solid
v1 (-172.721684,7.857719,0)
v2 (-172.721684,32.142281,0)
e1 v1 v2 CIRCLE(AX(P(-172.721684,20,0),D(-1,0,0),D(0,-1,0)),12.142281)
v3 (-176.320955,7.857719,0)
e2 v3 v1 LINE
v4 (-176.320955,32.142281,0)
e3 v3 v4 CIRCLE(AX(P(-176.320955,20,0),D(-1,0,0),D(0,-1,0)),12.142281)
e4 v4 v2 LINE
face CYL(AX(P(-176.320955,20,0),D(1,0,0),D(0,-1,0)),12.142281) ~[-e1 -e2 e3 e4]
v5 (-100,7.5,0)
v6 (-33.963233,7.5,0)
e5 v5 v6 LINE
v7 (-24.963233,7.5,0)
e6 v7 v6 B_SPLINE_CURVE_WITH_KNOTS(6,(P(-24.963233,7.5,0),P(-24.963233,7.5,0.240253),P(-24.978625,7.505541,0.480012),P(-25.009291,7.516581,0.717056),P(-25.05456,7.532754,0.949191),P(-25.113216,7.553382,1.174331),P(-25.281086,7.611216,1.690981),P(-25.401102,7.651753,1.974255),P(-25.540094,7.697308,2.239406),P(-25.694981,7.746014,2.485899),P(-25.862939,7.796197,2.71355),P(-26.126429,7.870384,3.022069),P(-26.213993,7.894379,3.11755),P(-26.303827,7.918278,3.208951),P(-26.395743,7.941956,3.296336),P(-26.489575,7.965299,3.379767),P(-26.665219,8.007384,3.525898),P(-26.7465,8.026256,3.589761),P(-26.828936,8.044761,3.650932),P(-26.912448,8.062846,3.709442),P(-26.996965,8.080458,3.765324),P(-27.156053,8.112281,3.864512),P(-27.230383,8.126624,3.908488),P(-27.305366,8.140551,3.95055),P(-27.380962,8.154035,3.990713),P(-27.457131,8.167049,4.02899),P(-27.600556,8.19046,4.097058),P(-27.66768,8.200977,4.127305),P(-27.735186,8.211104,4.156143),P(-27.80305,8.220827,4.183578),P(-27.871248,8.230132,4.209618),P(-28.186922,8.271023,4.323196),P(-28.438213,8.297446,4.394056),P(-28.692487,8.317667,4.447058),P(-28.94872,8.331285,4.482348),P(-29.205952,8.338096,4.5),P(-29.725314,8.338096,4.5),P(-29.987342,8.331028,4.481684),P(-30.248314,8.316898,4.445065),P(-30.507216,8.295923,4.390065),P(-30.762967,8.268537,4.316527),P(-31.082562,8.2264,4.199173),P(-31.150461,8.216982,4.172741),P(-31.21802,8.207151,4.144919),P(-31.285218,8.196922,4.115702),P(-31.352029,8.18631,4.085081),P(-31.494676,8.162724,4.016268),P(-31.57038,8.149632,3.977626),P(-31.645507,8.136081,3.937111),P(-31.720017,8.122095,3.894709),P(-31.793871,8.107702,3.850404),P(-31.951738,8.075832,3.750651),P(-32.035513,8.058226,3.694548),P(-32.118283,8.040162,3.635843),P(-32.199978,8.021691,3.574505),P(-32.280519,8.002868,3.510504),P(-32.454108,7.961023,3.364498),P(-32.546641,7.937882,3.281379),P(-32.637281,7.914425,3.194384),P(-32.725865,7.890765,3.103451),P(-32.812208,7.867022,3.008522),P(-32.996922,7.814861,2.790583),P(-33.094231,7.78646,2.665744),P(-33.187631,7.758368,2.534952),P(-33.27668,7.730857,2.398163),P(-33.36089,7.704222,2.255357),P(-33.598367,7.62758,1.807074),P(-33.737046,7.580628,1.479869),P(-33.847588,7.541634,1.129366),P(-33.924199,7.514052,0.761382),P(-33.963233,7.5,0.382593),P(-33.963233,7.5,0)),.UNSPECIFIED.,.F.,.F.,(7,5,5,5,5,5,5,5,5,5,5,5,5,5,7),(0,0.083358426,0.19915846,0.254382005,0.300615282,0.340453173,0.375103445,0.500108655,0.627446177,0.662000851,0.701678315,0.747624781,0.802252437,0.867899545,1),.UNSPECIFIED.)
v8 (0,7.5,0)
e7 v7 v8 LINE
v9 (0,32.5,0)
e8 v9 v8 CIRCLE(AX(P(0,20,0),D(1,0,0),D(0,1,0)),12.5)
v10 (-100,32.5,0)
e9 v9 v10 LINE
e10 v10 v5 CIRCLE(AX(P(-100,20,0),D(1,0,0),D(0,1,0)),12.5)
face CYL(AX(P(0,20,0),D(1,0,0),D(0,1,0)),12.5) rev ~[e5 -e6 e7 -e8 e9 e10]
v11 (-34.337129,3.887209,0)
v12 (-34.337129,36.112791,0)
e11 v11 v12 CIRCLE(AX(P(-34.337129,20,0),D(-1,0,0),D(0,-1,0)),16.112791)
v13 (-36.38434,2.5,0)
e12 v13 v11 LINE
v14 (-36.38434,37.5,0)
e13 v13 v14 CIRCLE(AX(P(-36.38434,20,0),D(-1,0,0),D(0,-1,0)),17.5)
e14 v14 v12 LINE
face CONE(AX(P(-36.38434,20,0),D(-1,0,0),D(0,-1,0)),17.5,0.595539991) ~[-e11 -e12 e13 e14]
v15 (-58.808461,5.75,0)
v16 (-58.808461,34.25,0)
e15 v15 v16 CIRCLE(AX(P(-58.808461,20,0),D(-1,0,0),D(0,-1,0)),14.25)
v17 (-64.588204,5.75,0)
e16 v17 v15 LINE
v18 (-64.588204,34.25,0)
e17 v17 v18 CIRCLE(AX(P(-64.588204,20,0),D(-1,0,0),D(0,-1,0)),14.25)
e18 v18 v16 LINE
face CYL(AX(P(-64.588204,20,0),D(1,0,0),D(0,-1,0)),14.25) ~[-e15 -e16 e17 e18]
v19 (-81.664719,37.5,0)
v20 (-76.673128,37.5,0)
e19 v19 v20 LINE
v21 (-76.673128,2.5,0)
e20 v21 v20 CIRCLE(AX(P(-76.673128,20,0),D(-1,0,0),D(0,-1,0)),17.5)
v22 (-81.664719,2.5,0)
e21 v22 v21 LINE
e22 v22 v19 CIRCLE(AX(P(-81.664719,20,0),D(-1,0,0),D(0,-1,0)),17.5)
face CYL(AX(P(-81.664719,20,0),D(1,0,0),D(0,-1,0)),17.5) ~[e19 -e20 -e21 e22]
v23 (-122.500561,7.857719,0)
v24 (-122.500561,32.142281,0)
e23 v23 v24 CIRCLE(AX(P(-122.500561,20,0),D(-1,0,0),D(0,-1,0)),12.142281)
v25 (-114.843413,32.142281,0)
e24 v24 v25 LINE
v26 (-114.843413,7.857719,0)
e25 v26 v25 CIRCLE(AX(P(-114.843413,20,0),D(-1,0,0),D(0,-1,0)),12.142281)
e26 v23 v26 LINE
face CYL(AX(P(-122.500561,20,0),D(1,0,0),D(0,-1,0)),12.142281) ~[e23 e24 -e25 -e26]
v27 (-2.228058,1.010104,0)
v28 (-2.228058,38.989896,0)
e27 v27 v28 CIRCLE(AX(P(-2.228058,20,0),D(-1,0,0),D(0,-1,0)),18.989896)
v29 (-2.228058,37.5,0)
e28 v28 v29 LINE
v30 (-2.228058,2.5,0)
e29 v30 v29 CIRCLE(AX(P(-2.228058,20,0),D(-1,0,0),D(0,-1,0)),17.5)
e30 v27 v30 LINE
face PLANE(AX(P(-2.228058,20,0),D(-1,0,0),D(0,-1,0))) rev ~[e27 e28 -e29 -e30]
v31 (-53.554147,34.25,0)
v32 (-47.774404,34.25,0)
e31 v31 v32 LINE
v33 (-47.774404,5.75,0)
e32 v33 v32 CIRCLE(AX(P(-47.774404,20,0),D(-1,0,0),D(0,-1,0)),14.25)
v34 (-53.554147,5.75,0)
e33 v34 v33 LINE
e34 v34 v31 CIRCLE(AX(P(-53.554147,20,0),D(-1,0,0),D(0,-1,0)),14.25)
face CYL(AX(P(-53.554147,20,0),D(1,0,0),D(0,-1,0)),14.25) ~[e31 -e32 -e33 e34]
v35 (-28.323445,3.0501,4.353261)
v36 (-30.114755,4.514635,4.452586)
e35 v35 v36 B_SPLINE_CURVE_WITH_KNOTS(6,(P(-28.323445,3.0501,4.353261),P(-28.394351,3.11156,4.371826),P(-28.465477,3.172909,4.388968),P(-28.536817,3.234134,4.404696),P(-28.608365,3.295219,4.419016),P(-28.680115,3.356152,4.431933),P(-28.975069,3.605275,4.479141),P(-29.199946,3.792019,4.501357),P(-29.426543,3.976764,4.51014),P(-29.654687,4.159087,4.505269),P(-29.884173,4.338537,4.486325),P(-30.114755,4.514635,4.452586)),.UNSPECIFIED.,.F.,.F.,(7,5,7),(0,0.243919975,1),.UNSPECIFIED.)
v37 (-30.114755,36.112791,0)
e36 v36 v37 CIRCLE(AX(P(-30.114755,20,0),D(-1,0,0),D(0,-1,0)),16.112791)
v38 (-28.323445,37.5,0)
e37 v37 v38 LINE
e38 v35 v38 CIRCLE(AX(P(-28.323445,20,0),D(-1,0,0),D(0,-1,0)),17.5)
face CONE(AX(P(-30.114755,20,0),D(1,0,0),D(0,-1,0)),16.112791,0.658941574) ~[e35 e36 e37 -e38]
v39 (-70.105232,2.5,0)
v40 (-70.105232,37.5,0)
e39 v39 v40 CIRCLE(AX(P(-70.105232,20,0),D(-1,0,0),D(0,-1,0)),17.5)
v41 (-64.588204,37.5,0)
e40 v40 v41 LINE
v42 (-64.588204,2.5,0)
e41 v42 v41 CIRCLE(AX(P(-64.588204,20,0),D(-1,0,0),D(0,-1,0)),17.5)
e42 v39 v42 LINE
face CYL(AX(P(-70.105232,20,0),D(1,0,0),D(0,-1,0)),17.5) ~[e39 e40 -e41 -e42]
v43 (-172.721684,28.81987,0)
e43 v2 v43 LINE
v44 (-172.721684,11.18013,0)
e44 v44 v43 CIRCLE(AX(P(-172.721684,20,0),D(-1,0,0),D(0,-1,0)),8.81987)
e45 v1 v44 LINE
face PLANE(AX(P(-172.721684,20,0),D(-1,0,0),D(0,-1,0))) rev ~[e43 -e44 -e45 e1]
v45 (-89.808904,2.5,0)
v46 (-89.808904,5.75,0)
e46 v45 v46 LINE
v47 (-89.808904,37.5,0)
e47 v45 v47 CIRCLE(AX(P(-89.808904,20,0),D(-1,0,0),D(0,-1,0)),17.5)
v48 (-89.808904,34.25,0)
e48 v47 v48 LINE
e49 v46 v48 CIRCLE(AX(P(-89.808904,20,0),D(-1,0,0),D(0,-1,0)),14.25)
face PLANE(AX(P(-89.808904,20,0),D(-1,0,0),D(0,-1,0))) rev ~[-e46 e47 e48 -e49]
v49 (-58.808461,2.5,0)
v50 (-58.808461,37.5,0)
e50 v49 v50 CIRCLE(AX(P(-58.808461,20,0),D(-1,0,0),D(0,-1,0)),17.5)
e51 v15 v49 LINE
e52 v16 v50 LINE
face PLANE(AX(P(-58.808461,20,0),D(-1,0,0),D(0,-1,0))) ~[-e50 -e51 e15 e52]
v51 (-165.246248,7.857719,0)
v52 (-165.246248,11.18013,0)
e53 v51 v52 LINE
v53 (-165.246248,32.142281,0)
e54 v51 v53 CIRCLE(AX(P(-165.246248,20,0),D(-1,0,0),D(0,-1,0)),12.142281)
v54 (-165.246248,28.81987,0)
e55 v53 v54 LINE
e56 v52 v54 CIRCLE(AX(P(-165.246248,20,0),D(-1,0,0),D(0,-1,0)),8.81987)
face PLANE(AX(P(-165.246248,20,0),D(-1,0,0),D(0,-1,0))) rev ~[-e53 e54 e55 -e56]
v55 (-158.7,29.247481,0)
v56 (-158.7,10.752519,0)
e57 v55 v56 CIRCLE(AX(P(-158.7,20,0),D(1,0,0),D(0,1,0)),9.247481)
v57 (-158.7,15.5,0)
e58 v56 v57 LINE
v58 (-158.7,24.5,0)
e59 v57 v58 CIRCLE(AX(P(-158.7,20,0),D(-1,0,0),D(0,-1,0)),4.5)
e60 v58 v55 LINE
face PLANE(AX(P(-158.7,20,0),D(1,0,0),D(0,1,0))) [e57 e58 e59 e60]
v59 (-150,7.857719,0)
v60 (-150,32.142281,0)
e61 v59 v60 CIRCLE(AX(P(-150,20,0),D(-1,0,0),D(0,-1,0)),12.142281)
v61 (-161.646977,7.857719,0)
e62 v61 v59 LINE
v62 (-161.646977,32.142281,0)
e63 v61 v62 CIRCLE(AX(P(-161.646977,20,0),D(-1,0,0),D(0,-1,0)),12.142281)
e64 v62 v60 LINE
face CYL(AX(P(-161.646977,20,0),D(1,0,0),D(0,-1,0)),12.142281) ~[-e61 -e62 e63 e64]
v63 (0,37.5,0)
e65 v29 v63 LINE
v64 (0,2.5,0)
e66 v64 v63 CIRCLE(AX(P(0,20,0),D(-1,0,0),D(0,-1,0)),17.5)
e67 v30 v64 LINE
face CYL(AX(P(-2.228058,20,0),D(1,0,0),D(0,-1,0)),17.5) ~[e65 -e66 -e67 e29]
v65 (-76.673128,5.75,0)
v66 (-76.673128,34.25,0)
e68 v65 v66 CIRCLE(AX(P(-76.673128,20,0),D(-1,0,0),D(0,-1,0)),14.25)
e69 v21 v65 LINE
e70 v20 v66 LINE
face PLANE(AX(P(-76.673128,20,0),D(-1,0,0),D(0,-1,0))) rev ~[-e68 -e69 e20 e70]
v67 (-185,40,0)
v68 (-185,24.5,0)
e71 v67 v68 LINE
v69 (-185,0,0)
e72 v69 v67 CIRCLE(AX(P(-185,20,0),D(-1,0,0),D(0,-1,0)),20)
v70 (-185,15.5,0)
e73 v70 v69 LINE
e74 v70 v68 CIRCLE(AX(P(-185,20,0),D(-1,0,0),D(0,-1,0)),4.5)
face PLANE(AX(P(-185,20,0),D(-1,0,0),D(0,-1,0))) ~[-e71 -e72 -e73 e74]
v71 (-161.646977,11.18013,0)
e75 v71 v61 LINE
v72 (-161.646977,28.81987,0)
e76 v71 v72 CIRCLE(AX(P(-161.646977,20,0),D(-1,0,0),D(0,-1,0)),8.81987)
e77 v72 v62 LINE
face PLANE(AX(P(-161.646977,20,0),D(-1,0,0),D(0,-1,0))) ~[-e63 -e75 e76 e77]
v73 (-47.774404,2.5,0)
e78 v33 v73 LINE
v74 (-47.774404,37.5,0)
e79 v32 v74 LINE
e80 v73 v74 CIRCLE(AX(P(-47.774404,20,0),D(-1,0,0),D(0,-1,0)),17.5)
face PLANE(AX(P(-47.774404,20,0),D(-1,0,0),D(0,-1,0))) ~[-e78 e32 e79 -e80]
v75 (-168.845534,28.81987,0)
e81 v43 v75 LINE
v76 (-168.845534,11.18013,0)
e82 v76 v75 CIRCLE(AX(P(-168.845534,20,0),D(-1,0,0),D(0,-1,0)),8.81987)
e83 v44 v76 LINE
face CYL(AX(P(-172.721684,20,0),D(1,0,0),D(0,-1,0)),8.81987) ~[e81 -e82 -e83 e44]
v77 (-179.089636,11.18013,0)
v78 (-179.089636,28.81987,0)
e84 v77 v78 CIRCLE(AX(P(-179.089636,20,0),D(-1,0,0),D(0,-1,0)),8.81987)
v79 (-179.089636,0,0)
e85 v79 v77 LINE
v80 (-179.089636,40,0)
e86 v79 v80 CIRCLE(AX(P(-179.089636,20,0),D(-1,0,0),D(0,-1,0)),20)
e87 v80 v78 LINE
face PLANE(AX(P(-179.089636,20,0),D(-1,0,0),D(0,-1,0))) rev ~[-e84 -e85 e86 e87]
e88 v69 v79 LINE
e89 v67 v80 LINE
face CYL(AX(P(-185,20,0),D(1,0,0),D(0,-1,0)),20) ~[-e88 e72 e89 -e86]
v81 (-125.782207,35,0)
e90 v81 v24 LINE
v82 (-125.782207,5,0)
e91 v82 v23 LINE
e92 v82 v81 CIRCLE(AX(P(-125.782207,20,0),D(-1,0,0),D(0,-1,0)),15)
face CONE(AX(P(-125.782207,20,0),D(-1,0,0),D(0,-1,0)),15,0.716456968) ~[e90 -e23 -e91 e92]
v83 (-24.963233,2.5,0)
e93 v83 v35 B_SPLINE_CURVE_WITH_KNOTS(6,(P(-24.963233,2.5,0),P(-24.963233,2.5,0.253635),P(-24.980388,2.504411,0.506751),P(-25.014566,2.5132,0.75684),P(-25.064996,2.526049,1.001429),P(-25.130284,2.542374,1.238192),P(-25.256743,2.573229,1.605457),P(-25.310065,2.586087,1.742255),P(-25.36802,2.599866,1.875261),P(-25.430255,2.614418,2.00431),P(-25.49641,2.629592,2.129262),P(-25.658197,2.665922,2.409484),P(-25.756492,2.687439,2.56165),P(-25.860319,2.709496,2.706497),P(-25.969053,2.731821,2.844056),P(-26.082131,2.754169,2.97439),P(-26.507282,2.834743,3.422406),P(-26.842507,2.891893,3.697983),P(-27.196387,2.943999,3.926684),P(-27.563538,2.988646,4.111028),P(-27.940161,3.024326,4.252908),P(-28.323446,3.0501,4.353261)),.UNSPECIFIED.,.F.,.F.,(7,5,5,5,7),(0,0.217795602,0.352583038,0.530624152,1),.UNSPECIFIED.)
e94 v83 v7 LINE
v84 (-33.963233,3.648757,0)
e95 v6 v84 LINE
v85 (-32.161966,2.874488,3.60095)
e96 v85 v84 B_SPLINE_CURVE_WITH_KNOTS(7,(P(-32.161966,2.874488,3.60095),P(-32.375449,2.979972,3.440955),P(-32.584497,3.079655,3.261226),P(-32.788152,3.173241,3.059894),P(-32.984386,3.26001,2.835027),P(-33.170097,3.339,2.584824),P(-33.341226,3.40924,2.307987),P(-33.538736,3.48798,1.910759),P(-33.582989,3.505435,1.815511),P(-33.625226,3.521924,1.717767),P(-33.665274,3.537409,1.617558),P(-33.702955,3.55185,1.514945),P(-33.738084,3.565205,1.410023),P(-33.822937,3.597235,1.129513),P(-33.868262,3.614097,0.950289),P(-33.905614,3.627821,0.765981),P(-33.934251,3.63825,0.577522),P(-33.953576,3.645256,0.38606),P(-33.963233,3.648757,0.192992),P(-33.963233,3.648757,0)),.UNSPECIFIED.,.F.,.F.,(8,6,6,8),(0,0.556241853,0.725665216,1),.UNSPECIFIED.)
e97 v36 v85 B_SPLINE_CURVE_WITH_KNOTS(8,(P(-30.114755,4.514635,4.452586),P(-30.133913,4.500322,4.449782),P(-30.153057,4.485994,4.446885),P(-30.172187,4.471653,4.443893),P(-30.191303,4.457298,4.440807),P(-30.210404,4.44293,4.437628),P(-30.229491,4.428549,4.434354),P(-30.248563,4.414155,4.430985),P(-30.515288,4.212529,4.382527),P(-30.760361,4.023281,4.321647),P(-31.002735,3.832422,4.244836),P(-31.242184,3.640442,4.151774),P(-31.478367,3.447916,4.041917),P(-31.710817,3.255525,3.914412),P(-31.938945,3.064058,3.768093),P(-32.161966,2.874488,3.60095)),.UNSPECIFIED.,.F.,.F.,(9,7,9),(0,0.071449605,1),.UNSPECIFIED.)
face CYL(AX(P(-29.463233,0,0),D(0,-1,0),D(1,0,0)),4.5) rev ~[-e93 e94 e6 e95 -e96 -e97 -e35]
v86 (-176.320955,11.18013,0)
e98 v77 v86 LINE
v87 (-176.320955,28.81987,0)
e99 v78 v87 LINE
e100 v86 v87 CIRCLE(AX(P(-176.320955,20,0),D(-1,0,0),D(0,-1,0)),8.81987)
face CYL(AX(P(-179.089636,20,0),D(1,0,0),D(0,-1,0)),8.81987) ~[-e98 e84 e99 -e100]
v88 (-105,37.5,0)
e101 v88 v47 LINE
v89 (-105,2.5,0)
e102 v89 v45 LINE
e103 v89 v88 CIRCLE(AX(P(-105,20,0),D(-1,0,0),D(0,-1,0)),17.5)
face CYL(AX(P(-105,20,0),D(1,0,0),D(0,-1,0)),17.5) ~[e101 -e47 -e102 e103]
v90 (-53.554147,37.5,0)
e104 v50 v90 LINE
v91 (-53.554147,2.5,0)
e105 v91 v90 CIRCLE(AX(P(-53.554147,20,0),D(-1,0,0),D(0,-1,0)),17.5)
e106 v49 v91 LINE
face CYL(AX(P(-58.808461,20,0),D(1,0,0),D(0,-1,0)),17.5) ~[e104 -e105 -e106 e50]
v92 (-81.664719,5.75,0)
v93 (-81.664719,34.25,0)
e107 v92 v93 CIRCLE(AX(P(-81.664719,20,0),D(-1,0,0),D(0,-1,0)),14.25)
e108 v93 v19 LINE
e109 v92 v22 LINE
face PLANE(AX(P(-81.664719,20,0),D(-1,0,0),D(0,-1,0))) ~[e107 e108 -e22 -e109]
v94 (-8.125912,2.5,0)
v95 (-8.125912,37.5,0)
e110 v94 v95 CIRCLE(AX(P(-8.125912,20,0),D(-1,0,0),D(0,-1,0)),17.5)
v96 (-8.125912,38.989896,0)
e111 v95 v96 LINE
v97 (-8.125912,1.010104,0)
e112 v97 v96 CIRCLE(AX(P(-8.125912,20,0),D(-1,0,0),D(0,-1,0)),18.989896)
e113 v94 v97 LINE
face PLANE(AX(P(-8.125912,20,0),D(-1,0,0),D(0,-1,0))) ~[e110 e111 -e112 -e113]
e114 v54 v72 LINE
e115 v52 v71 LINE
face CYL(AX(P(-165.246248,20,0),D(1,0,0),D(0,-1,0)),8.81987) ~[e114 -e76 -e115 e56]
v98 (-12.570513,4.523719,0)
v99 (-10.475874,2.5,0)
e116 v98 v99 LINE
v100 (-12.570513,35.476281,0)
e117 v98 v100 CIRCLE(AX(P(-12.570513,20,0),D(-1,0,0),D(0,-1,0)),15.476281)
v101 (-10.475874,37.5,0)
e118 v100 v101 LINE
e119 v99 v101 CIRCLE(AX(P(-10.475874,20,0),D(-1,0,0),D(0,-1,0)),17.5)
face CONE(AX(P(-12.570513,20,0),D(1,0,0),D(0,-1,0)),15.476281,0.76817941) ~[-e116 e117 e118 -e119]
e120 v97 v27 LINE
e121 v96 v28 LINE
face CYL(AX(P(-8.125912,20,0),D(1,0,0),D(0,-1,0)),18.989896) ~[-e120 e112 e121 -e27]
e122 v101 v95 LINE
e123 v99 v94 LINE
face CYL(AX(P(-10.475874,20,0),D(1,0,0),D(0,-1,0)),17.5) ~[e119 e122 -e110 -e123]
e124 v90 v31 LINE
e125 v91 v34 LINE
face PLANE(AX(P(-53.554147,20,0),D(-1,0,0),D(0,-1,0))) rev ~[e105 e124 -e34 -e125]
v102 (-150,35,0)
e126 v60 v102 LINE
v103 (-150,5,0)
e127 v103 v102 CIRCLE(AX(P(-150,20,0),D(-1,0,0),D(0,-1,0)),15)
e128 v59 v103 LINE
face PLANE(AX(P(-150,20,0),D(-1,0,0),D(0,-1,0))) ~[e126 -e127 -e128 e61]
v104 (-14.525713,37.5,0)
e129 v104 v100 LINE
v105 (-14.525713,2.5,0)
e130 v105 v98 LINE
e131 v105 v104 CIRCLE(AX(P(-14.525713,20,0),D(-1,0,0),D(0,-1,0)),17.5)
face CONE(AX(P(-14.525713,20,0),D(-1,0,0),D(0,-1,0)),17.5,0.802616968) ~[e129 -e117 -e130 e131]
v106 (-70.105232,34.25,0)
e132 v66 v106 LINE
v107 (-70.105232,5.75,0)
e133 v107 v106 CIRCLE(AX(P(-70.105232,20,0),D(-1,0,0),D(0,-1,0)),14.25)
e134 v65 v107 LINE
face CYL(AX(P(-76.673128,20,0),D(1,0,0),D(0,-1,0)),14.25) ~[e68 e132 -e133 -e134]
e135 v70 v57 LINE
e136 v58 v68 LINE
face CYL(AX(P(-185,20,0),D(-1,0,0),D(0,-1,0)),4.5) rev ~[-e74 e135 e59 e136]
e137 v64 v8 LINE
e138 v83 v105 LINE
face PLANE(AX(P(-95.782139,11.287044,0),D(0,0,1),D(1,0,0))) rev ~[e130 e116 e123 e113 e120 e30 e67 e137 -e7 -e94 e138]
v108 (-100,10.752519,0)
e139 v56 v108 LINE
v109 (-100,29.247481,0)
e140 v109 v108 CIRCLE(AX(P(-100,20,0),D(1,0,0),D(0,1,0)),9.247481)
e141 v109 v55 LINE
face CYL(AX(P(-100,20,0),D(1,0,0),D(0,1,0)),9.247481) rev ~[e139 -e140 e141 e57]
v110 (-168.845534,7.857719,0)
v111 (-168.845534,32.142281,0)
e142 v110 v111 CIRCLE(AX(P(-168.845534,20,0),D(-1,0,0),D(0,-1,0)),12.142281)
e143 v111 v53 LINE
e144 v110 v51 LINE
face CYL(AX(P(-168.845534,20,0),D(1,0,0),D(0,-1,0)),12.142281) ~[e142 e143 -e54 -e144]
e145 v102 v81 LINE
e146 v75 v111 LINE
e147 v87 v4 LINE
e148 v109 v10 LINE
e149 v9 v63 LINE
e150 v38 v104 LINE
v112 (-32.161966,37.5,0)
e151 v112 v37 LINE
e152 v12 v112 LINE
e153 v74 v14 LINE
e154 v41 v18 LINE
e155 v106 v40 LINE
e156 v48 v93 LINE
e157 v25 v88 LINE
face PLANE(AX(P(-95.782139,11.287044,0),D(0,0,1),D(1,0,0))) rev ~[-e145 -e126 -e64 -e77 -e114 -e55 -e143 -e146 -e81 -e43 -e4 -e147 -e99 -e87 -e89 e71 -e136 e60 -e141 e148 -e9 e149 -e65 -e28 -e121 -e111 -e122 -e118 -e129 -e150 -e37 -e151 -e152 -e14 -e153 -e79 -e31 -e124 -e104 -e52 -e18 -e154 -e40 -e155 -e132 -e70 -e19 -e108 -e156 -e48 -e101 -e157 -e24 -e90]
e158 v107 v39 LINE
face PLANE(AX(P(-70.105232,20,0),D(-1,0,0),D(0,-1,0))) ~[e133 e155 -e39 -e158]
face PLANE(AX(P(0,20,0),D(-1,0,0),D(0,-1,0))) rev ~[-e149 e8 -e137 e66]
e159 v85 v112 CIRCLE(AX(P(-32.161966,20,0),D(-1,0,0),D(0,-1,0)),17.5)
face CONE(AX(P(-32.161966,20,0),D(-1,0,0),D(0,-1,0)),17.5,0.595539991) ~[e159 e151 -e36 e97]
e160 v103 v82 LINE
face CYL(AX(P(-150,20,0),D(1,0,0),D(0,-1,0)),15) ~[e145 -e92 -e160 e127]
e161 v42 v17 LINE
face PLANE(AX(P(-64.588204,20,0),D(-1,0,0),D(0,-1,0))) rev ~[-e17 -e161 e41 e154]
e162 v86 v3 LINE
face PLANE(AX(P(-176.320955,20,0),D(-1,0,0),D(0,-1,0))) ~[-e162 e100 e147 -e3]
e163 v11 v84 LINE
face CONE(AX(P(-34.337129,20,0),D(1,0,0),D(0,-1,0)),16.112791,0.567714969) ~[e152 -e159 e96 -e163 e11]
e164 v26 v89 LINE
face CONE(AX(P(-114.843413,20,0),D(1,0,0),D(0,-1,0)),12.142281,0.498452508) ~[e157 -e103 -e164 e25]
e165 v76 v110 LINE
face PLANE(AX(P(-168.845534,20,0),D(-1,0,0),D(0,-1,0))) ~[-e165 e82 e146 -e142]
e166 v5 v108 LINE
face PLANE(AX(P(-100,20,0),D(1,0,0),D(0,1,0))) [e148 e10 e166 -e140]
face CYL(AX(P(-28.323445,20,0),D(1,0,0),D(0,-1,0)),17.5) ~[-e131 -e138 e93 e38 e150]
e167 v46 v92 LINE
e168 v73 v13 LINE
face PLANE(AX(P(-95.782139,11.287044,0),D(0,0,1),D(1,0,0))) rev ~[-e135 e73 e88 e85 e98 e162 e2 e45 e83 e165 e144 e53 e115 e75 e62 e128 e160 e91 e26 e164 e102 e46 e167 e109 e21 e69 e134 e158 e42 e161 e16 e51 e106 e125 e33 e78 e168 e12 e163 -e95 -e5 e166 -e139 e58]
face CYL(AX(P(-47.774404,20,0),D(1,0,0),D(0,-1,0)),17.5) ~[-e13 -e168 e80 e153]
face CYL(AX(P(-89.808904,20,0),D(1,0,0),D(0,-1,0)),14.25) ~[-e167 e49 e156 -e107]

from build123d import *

# Parameters (mm, degrees)
F1_ANGLE = -180
F2_R     = 4.5
F3_DEPTH = 127.6
F4_R     = 12.5
F5_DEPTH = 100
F6_R     = 4.5
F7_DEPTH = 16.8
F8_R     = 9.247481
F9_DEPTH = 58.7


with BuildPart() as f1:
    # F0 (on Top) → F1 (revolve)
    with BuildSketch(Plane.XY):
        Polygon((-150, 5), (-125.782207, 5), (-122.500561, 7.857719), (-114.843413, 7.857719), (-105, 2.5), (-89.808904, 2.5), (-89.808904, 5.75), (-81.664719, 5.75), (-81.664719, 2.5), (-76.673128, 2.5), (-76.673128, 5.75), (-70.105232, 5.75), (-70.105232, 2.5), (-64.588204, 2.5), (-64.588204, 5.75), (-58.808461, 5.75), (-58.808461, 2.5), (-53.554147, 2.5), (-53.554147, 5.75), (-47.774404, 5.75), (-47.774404, 2.5), (-36.38434, 2.5), (-34.337129, 3.887209), (-32.161966, 2.5), (-30.114755, 3.887209), (-28.323445, 2.5), (-14.525713, 2.5), (-12.570513, 4.523719), (-10.475874, 2.5), (-8.125912, 2.5), (-8.125912, 1.010104), (-2.228058, 1.010104), (-2.228058, 2.5), (0, 2.5), (0, 20), (-185, 20), (-185, 0), (-179.089636, 0), (-179.089636, 11.18013), (-176.320955, 11.18013), (-176.320955, 7.857719), (-172.721684, 7.857719), (-172.721684, 11.18013), (-168.845534, 11.18013), (-168.845534, 7.857719), (-165.246248, 7.857719), (-165.246248, 11.18013), (-161.646977, 11.18013), (-161.646977, 7.857719), (-150, 7.857719), align=None)
    revolve(axis=Axis((-92.5, 20, 0), (1, 0, 0)), revolution_arc=F1_ANGLE)

    # F2 (on face) → F3 (cut)
    with BuildSketch(Plane(origin=(-185, 0, 0), x_dir=(0, -1, 0), z_dir=(-1, 0, 0))):
        with Locations((-20, 0)):
            Circle(F2_R)
    extrude(amount=-F3_DEPTH, mode=Mode.SUBTRACT)

    # F4 (on face) → F5 (cut)
    with BuildSketch(Plane.YZ):
        with Locations((20, 0)):
            Circle(F4_R)
    extrude(amount=-F5_DEPTH, mode=Mode.SUBTRACT)

    # F6 (on Front) → F7 (cut)
    with BuildSketch(Plane.XZ):
        with Locations((-29.463233, 0)):
            Circle(F6_R)
    extrude(amount=-F7_DEPTH, mode=Mode.SUBTRACT)

    # F8 (on face) → F9 (cut)
    with BuildSketch(Plane.YZ.offset(-100)):
        with Locations((20, 0)):
            Circle(F8_R)
    extrude(amount=-F9_DEPTH, mode=Mode.SUBTRACT)


solid = f1.part
